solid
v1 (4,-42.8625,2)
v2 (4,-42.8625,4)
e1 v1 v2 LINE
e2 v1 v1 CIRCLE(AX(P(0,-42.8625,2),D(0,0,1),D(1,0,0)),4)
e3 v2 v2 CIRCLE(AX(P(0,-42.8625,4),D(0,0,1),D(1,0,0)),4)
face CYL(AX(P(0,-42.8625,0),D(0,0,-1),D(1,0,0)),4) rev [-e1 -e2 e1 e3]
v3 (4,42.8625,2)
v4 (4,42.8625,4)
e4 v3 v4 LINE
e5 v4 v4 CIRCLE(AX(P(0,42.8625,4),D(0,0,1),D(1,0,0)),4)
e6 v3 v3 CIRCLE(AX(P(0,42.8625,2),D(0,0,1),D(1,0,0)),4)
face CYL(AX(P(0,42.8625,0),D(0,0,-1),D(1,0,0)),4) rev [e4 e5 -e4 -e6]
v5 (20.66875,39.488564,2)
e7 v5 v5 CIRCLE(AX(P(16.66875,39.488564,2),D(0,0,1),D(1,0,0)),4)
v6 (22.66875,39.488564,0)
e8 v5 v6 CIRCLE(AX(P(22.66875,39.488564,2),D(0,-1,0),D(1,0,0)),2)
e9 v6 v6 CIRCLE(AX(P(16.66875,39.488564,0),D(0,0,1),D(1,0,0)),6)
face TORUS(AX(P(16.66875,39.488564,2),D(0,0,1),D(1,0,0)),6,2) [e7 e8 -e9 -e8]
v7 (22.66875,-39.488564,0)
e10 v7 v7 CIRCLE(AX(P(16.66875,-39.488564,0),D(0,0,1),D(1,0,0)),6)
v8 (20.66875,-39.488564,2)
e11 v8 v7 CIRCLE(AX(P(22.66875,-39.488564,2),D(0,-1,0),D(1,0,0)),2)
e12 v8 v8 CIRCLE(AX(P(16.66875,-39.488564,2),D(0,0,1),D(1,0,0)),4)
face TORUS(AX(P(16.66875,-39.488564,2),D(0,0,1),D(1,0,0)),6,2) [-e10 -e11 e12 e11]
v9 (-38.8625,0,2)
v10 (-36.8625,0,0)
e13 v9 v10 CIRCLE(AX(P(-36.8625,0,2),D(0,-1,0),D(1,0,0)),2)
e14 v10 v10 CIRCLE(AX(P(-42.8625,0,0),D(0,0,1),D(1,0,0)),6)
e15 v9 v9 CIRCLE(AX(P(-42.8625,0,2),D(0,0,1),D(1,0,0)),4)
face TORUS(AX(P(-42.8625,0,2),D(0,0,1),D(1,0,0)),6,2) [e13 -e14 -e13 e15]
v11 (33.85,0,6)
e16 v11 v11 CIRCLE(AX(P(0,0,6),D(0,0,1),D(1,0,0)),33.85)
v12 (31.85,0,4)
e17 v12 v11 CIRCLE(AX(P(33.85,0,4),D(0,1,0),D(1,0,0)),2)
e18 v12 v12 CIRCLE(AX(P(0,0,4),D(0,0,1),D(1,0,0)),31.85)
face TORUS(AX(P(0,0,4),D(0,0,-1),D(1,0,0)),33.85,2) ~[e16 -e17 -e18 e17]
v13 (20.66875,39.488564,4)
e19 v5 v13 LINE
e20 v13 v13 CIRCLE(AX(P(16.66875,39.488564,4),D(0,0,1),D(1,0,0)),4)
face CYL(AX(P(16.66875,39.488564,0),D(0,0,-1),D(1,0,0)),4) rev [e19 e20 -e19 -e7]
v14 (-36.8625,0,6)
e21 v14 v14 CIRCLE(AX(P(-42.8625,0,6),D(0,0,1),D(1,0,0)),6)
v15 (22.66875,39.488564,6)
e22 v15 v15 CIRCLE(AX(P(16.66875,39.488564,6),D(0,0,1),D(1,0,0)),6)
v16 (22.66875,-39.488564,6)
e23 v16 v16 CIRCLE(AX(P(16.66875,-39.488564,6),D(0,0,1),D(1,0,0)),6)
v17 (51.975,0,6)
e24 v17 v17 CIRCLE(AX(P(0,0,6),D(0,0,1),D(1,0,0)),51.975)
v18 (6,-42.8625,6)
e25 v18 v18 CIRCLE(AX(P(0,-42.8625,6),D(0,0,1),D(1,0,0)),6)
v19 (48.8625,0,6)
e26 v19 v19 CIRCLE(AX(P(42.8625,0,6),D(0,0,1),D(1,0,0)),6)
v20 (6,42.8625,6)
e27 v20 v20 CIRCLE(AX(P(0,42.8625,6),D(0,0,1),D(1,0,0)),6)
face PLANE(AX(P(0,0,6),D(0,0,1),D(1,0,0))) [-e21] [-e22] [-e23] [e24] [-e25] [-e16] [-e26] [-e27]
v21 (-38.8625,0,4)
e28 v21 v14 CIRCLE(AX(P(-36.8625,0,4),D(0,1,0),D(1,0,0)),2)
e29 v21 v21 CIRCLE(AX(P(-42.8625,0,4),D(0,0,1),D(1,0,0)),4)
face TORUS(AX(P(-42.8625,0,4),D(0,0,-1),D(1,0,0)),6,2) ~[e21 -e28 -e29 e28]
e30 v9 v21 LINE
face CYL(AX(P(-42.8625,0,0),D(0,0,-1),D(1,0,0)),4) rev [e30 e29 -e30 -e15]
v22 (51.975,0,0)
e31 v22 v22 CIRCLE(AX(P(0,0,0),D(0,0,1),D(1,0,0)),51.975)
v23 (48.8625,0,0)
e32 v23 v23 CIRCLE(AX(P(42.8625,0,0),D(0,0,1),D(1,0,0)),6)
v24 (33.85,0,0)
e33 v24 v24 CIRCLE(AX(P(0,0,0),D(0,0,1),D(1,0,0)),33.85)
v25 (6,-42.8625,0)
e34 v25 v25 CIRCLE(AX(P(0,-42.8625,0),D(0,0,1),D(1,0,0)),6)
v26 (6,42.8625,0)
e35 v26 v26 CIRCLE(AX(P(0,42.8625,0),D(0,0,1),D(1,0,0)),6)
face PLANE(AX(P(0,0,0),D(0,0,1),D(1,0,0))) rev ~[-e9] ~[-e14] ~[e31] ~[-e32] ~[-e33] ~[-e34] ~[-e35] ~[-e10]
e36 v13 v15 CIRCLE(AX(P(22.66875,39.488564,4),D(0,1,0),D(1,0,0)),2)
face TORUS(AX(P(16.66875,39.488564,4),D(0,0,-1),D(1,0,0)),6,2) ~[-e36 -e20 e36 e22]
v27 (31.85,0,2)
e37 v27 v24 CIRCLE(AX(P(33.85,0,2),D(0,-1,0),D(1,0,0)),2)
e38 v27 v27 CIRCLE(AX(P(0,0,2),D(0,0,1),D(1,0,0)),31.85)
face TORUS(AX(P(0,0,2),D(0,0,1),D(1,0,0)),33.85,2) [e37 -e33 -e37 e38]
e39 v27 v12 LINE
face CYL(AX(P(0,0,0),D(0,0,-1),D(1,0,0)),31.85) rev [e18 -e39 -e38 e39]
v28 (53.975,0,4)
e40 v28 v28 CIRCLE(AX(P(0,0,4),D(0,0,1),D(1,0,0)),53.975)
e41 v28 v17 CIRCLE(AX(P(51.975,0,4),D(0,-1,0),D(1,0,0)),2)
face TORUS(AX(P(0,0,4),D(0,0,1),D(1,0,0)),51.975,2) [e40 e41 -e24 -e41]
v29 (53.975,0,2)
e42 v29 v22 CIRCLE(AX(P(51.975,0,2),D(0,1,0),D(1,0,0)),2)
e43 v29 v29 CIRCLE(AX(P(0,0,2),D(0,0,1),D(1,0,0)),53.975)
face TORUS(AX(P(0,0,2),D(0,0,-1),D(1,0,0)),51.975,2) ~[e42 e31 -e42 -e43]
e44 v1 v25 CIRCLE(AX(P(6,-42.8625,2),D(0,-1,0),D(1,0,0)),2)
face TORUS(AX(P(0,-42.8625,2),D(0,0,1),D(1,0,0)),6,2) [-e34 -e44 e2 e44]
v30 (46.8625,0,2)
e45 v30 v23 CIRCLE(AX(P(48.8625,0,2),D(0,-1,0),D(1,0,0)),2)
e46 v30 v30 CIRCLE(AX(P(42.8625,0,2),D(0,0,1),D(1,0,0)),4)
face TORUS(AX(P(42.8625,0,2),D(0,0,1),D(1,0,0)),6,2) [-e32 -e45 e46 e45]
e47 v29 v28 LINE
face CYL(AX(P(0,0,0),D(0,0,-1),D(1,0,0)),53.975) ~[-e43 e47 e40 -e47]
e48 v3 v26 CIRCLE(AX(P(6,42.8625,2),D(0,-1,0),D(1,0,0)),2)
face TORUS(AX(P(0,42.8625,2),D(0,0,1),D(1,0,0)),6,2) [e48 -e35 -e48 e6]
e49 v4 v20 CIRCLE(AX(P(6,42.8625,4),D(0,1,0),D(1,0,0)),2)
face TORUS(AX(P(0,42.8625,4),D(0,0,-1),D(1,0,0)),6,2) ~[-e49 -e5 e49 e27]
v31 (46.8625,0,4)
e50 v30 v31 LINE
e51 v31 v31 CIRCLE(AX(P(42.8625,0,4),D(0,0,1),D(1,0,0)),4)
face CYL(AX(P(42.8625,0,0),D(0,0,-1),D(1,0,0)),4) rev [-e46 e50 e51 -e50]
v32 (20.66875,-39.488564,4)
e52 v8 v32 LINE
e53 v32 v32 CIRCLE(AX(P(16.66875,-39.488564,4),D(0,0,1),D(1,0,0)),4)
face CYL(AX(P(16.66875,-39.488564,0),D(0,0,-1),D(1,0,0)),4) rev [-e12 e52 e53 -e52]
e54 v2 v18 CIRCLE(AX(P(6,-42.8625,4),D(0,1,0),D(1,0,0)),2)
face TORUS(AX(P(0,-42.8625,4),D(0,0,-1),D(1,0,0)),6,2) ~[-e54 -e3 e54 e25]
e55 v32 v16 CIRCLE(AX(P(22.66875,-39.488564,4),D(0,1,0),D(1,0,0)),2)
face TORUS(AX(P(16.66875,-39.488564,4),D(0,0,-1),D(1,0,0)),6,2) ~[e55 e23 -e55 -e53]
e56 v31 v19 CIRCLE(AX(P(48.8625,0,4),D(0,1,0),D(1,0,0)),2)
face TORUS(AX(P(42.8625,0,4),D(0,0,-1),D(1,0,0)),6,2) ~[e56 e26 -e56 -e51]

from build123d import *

# Parameters (mm, degrees)
SKETCH_R   = 53.975
SKETCH_R_2 = 31.85
SKETCH_R_3 = 4
PAD_DEPTH  = 6
FILLET_R   = 2


with BuildPart() as part:
    # Sketch → Pad (new body)
    with BuildSketch(Plane.XY):
        Circle(SKETCH_R)
        Circle(SKETCH_R_2, mode=Mode.SUBTRACT)
        with Locations((-42.8625, 0)):
            Circle(SKETCH_R_3, mode=Mode.SUBTRACT)
        with Locations((42.8625, 0)):
            Circle(SKETCH_R_3, mode=Mode.SUBTRACT)
        with Locations((0, 42.8625)):
            Circle(SKETCH_R_3, mode=Mode.SUBTRACT)
        with Locations((0, -42.8625)):
            Circle(SKETCH_R_3, mode=Mode.SUBTRACT)
        with Locations((16.66875, 39.488564)):
            Circle(SKETCH_R_3, mode=Mode.SUBTRACT)
        with Locations((16.66875, -39.488564)):
            Circle(SKETCH_R_3, mode=Mode.SUBTRACT)
    extrude(amount=PAD_DEPTH)

    # Fillet
    fillet_edges = [part.edges().sort_by_distance(p)[0] for p in [
        (-53.975, 0, 6),
        (-53.975, 0, 0),
        (-31.85, 0, 6),
        (-31.85, 0, 0),
        (38.8625, 0, 6),
        (-4, -42.8625, 6),
        (-46.8625, 0, 6),
        (-4, 42.8625, 6),
        (12.66875, -39.488564, 6),
        (12.66875, 39.488564, 6),
        (12.66875, -39.488564, 0),
        (12.66875, 39.488564, 0),
        (38.8625, 0, 0),
        (-4, -42.8625, 0),
        (-46.8625, 0, 0),
        (-4, 42.8625, 0),
    ]]
    fillet(fillet_edges, radius=FILLET_R)


solid = part.part
